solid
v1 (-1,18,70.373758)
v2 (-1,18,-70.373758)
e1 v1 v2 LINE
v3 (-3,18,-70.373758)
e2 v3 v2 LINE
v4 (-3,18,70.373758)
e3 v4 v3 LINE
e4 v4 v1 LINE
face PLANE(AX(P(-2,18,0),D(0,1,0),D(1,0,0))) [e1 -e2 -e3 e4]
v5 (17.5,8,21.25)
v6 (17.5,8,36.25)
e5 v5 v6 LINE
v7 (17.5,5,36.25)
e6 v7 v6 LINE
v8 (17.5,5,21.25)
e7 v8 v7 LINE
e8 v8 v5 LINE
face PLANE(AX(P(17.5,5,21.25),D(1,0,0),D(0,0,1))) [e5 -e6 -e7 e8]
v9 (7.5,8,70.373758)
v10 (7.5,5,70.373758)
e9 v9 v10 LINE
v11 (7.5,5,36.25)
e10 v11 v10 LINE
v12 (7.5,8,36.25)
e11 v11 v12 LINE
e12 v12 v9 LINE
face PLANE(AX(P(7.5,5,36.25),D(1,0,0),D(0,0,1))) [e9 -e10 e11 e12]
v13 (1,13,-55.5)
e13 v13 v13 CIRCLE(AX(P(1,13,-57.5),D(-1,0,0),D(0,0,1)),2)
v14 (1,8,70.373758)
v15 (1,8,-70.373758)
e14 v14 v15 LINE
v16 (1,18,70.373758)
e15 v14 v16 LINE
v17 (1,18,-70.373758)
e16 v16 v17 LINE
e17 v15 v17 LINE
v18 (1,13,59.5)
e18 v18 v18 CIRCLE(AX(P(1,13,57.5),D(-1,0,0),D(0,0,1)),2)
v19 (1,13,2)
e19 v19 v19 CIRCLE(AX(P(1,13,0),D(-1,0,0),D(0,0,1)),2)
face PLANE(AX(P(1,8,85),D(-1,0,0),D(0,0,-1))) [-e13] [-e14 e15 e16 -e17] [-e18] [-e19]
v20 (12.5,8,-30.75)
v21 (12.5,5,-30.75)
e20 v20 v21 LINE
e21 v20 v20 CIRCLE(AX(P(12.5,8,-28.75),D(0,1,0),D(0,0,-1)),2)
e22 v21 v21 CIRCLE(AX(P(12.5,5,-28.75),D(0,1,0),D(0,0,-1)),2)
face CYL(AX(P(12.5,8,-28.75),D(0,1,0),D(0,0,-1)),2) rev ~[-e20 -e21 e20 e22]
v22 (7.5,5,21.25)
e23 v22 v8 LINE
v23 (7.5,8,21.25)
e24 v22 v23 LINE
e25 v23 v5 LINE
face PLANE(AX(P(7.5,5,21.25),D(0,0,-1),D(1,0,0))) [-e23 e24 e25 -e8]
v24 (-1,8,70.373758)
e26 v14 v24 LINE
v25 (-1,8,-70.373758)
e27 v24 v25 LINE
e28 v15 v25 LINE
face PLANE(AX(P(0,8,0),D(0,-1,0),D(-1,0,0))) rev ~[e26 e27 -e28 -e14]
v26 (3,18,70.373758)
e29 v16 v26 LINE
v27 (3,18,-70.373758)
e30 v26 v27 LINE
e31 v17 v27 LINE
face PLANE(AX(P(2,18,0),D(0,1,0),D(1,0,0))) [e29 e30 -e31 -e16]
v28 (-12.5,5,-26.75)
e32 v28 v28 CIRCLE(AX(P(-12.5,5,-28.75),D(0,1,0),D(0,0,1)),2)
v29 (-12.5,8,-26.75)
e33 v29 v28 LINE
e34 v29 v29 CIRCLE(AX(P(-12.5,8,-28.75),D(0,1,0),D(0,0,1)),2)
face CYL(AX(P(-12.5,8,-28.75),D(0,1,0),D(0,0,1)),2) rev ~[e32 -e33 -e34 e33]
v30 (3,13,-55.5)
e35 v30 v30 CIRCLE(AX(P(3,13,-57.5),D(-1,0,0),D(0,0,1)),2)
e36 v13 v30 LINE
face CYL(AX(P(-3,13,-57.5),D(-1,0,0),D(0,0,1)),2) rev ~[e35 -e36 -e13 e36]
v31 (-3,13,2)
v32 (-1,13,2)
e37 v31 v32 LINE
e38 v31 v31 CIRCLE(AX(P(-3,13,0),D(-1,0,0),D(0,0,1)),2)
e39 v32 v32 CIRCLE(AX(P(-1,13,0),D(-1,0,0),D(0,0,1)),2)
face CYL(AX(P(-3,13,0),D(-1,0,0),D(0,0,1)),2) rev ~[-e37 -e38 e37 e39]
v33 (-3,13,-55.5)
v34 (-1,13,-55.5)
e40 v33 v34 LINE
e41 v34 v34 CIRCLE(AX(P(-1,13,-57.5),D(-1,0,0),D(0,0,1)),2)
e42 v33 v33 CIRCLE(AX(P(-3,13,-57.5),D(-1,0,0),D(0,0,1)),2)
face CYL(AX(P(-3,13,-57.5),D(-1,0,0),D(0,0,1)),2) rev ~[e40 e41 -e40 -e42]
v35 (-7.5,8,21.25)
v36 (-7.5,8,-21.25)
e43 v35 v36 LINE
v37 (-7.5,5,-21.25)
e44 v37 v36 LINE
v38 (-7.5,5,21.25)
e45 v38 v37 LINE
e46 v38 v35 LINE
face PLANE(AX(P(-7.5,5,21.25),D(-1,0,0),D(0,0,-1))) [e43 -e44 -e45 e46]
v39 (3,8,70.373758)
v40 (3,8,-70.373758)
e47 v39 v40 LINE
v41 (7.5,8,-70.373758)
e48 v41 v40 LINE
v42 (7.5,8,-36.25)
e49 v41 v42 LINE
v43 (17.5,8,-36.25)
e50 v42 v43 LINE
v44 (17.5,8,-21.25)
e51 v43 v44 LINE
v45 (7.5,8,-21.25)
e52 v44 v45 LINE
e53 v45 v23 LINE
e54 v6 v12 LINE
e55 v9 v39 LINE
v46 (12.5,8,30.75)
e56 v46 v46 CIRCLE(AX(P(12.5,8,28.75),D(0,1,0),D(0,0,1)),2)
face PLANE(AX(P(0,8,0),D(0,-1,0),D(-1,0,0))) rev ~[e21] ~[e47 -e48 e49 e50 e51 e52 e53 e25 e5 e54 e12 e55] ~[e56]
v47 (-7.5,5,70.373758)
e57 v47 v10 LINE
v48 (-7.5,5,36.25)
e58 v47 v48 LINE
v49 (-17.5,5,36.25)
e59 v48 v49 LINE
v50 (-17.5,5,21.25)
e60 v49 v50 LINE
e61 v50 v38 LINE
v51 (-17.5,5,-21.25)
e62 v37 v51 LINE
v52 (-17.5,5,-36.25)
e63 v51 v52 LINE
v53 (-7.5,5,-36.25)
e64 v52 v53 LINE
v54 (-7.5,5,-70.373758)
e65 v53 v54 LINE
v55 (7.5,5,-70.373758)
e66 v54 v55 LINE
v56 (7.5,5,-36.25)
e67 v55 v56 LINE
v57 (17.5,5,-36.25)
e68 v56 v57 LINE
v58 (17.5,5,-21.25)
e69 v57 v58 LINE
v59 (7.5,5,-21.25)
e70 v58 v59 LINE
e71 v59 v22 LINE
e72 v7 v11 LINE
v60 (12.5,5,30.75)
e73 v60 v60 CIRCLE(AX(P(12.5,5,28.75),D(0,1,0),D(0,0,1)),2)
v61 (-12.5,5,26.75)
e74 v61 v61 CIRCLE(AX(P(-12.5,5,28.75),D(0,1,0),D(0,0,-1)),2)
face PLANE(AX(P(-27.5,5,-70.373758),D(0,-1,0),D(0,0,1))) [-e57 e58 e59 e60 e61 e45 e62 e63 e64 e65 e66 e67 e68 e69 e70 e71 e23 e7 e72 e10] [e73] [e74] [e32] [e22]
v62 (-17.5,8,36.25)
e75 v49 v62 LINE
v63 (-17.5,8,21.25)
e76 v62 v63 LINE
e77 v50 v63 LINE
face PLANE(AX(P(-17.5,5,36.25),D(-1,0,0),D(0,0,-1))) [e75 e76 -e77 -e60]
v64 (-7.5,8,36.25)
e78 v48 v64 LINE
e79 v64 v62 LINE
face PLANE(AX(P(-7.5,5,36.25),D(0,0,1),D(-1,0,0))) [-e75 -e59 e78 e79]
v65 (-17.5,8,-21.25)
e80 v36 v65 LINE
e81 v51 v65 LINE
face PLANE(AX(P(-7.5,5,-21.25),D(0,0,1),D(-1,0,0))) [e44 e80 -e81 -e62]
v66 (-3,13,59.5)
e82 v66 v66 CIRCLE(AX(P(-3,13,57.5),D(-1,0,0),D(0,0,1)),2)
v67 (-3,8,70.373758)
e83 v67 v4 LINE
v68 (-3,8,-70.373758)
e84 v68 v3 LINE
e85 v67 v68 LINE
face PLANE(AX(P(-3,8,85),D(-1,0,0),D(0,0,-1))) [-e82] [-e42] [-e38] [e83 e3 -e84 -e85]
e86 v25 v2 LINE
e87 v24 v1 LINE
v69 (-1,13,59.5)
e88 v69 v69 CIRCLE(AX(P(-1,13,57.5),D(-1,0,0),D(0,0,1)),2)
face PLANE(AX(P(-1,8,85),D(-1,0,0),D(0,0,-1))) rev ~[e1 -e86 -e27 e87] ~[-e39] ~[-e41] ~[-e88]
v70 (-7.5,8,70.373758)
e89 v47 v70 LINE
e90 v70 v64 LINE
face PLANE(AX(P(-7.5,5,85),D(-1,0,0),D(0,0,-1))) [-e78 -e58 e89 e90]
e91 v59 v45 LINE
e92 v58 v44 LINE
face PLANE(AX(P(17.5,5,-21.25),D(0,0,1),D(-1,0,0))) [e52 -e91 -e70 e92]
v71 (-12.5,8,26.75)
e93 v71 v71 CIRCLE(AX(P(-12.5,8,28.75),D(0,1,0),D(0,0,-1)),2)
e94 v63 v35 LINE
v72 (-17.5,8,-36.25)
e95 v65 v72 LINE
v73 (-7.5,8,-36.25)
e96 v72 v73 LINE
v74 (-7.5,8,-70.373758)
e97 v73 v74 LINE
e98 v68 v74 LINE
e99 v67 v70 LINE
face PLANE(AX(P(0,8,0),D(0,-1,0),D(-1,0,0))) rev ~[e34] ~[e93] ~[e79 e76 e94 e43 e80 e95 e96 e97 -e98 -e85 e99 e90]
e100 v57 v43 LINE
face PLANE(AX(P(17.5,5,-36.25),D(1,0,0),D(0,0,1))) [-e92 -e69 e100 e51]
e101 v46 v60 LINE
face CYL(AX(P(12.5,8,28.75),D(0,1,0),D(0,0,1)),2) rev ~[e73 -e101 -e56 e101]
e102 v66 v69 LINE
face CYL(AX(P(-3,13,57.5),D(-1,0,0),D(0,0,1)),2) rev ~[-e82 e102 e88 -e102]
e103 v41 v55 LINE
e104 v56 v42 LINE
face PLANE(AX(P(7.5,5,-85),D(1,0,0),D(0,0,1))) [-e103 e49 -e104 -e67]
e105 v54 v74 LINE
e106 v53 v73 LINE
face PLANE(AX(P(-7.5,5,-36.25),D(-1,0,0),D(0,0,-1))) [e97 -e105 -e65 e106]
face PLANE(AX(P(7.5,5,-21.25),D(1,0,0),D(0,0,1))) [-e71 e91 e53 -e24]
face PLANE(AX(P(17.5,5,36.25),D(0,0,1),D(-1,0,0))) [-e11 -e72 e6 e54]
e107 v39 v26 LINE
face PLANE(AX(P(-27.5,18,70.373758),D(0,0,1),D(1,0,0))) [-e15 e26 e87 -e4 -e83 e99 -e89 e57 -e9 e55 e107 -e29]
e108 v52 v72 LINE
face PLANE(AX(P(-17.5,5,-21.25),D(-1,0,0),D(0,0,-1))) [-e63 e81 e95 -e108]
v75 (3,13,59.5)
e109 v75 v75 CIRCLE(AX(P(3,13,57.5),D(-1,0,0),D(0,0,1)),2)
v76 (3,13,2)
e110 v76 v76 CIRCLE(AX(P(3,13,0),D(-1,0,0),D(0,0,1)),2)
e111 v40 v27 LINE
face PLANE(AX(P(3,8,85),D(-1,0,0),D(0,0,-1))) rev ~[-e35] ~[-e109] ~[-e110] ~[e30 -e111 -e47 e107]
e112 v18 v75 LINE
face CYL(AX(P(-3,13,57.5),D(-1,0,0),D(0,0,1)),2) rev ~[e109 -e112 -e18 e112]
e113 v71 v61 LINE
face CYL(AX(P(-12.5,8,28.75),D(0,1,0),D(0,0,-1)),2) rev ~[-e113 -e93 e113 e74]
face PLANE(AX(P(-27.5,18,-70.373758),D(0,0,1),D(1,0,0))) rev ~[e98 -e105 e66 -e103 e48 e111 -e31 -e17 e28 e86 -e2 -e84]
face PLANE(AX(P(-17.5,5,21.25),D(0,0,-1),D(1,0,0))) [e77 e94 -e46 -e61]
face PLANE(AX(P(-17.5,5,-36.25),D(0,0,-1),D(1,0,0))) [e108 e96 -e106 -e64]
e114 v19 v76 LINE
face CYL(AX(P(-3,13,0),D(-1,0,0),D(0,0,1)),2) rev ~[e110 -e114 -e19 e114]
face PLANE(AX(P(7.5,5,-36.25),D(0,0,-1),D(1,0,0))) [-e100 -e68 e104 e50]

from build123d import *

# Parameters (mm, degrees)
BOSS_EXTRUDE1_DEPTH = 5
BOSS_EXTRUDE2_DEPTH = 3
SKETCH3_W           = 2
SKETCH3_H           = 170
BOSS_EXTRUDE3_DEPTH = 10
SKETCH5_R           = 2
CUT_EXTRUDE1_DEPTH  = 10
SKETCH6_R           = 2
CUT_EXTRUDE3_DEPTH  = 5
SKETCH8_W           = 55
SKETCH8_H           = 14.626241735
CUT_EXTRUDE4_DEPTH  = 20
SKETCH9_W           = 140.74751653
SKETCH9_H           = 5
CUT_EXTRUDE5_DEPTH  = 300


with BuildPart() as part:
    # Sketch1 → Boss-Extrude1 (new body)
    with BuildSketch(Plane(origin=(0, 0, 0), x_dir=(1, 0, 0), z_dir=(0, 1, 0))):
        with BuildLine():
            Line((-27.5, 42.873758265), (-27.5, 13.75))
            ThreePointArc((-27.5, 13.75), (-13.75, 0), (-27.5, -13.75))
            Line((-27.5, -13.75), (-27.5, -42.873758265))
            ThreePointArc((-27.5, -42.873758265), (-13.75, -56.623758265), (-27.5, -70.373758265))
            Line((-27.5, -70.373758265), (-27.5, -85))
            Line((-27.5, -85), (27.5, -85))
            Line((27.5, -85), (27.5, -70.373758265))
            ThreePointArc((27.5, -70.373758265), (13.75, -56.623758265), (27.5, -42.873758265))
            Line((27.5, -42.873758265), (27.5, -13.75))
            ThreePointArc((27.5, -13.75), (13.75, 0), (27.5, 13.75))
            Line((27.5, 13.75), (27.5, 42.873758265))
            ThreePointArc((27.5, 42.873758265), (13.75, 56.623758265), (27.5, 70.373758265))
            Line((27.5, 70.373758265), (27.5, 85))
            Line((27.5, 85), (-27.5, 85))
            Line((-27.5, 85), (-27.5, 70.373758265))
            ThreePointArc((-27.5, 70.373758265), (-13.75, 56.623758265), (-27.5, 42.873758265))
        make_face()
    extrude(amount=BOSS_EXTRUDE1_DEPTH)

    # Sketch2 → Boss-Extrude2 (add)
    with BuildSketch(Plane(origin=(0, 5, 0), x_dir=(1, 0, 0), z_dir=(0, 1, 0))):
        Polygon((-7.5, 85), (7.5, 85), (7.5, 36.25), (17.5, 36.25), (17.5, 21.25), (7.5, 21.25), (7.5, -21.25), (17.5, -21.25), (17.5, -36.25), (7.5, -36.25), (7.5, -85), (-7.5, -85), (-7.5, -36.25), (-17.5, -36.25), (-17.5, -21.25), (-7.5, -21.25), (-7.5, 21.25), (-17.5, 21.25), (-17.5, 36.25), (-7.5, 36.25), align=None)
    extrude(amount=BOSS_EXTRUDE2_DEPTH)

    # Sketch3 → Boss-Extrude3 (add)
    with BuildSketch(Plane(origin=(0, 8, 0), x_dir=(1, 0, 0), z_dir=(0, 1, 0))):
        with Locations((-2, 0)):
            Rectangle(SKETCH3_W, SKETCH3_H)
        with Locations((2, 0)):
            Rectangle(SKETCH3_W, SKETCH3_H)
    extrude(amount=BOSS_EXTRUDE3_DEPTH)

    # Sketch5 → Cut-Extrude1 (cut)
    with BuildSketch(Plane.ZY.offset(3)):
        with Locations((0, 13)):
            Circle(SKETCH5_R)
        with Locations((-57.5, 13)):
            Circle(SKETCH5_R)
        with Locations((57.5, 13)):
            Circle(SKETCH5_R)
    extrude(amount=-CUT_EXTRUDE1_DEPTH, mode=Mode.SUBTRACT)

    # Sketch6 → Cut-Extrude3 (cut)
    with BuildSketch(Plane(origin=(0, 8, 0), x_dir=(1, 0, 0), z_dir=(0, 1, 0))):
        with Locations(Location((-12.5, 28.75, 0), (0, 0, 270))):
            Circle(SKETCH6_R)
        with Locations(Location((12.5, 28.75, 0), (0, 0, 90))):
            Circle(SKETCH6_R)
        with Locations(Location((12.5, -28.75, 0), (0, 0, 270))):
            Circle(SKETCH6_R)
        with Locations(Location((-12.5, -28.75, 0), (0, 0, 90))):
            Circle(SKETCH6_R)
    extrude(amount=-CUT_EXTRUDE3_DEPTH, mode=Mode.SUBTRACT)

    # Sketch8 → Cut-Extrude4 (cut)
    with BuildSketch(Plane(origin=(0, 18, 0), x_dir=(1, 0, 0), z_dir=(0, 1, 0))):
        with Locations((0, 77.686879132)):
            Rectangle(SKETCH8_W, SKETCH8_H)
        with Locations((0, -77.686879132)):
            Rectangle(SKETCH8_W, SKETCH8_H)
    extrude(amount=-CUT_EXTRUDE4_DEPTH, mode=Mode.SUBTRACT)

    # Sketch9 → Cut-Extrude5 (cut)
    with BuildSketch(Plane.ZY.offset(27.5)):
        with Locations((0, 2.5)):
            Rectangle(SKETCH9_W, SKETCH9_H)
    extrude(amount=-CUT_EXTRUDE5_DEPTH, mode=Mode.SUBTRACT)


solid = part.part
